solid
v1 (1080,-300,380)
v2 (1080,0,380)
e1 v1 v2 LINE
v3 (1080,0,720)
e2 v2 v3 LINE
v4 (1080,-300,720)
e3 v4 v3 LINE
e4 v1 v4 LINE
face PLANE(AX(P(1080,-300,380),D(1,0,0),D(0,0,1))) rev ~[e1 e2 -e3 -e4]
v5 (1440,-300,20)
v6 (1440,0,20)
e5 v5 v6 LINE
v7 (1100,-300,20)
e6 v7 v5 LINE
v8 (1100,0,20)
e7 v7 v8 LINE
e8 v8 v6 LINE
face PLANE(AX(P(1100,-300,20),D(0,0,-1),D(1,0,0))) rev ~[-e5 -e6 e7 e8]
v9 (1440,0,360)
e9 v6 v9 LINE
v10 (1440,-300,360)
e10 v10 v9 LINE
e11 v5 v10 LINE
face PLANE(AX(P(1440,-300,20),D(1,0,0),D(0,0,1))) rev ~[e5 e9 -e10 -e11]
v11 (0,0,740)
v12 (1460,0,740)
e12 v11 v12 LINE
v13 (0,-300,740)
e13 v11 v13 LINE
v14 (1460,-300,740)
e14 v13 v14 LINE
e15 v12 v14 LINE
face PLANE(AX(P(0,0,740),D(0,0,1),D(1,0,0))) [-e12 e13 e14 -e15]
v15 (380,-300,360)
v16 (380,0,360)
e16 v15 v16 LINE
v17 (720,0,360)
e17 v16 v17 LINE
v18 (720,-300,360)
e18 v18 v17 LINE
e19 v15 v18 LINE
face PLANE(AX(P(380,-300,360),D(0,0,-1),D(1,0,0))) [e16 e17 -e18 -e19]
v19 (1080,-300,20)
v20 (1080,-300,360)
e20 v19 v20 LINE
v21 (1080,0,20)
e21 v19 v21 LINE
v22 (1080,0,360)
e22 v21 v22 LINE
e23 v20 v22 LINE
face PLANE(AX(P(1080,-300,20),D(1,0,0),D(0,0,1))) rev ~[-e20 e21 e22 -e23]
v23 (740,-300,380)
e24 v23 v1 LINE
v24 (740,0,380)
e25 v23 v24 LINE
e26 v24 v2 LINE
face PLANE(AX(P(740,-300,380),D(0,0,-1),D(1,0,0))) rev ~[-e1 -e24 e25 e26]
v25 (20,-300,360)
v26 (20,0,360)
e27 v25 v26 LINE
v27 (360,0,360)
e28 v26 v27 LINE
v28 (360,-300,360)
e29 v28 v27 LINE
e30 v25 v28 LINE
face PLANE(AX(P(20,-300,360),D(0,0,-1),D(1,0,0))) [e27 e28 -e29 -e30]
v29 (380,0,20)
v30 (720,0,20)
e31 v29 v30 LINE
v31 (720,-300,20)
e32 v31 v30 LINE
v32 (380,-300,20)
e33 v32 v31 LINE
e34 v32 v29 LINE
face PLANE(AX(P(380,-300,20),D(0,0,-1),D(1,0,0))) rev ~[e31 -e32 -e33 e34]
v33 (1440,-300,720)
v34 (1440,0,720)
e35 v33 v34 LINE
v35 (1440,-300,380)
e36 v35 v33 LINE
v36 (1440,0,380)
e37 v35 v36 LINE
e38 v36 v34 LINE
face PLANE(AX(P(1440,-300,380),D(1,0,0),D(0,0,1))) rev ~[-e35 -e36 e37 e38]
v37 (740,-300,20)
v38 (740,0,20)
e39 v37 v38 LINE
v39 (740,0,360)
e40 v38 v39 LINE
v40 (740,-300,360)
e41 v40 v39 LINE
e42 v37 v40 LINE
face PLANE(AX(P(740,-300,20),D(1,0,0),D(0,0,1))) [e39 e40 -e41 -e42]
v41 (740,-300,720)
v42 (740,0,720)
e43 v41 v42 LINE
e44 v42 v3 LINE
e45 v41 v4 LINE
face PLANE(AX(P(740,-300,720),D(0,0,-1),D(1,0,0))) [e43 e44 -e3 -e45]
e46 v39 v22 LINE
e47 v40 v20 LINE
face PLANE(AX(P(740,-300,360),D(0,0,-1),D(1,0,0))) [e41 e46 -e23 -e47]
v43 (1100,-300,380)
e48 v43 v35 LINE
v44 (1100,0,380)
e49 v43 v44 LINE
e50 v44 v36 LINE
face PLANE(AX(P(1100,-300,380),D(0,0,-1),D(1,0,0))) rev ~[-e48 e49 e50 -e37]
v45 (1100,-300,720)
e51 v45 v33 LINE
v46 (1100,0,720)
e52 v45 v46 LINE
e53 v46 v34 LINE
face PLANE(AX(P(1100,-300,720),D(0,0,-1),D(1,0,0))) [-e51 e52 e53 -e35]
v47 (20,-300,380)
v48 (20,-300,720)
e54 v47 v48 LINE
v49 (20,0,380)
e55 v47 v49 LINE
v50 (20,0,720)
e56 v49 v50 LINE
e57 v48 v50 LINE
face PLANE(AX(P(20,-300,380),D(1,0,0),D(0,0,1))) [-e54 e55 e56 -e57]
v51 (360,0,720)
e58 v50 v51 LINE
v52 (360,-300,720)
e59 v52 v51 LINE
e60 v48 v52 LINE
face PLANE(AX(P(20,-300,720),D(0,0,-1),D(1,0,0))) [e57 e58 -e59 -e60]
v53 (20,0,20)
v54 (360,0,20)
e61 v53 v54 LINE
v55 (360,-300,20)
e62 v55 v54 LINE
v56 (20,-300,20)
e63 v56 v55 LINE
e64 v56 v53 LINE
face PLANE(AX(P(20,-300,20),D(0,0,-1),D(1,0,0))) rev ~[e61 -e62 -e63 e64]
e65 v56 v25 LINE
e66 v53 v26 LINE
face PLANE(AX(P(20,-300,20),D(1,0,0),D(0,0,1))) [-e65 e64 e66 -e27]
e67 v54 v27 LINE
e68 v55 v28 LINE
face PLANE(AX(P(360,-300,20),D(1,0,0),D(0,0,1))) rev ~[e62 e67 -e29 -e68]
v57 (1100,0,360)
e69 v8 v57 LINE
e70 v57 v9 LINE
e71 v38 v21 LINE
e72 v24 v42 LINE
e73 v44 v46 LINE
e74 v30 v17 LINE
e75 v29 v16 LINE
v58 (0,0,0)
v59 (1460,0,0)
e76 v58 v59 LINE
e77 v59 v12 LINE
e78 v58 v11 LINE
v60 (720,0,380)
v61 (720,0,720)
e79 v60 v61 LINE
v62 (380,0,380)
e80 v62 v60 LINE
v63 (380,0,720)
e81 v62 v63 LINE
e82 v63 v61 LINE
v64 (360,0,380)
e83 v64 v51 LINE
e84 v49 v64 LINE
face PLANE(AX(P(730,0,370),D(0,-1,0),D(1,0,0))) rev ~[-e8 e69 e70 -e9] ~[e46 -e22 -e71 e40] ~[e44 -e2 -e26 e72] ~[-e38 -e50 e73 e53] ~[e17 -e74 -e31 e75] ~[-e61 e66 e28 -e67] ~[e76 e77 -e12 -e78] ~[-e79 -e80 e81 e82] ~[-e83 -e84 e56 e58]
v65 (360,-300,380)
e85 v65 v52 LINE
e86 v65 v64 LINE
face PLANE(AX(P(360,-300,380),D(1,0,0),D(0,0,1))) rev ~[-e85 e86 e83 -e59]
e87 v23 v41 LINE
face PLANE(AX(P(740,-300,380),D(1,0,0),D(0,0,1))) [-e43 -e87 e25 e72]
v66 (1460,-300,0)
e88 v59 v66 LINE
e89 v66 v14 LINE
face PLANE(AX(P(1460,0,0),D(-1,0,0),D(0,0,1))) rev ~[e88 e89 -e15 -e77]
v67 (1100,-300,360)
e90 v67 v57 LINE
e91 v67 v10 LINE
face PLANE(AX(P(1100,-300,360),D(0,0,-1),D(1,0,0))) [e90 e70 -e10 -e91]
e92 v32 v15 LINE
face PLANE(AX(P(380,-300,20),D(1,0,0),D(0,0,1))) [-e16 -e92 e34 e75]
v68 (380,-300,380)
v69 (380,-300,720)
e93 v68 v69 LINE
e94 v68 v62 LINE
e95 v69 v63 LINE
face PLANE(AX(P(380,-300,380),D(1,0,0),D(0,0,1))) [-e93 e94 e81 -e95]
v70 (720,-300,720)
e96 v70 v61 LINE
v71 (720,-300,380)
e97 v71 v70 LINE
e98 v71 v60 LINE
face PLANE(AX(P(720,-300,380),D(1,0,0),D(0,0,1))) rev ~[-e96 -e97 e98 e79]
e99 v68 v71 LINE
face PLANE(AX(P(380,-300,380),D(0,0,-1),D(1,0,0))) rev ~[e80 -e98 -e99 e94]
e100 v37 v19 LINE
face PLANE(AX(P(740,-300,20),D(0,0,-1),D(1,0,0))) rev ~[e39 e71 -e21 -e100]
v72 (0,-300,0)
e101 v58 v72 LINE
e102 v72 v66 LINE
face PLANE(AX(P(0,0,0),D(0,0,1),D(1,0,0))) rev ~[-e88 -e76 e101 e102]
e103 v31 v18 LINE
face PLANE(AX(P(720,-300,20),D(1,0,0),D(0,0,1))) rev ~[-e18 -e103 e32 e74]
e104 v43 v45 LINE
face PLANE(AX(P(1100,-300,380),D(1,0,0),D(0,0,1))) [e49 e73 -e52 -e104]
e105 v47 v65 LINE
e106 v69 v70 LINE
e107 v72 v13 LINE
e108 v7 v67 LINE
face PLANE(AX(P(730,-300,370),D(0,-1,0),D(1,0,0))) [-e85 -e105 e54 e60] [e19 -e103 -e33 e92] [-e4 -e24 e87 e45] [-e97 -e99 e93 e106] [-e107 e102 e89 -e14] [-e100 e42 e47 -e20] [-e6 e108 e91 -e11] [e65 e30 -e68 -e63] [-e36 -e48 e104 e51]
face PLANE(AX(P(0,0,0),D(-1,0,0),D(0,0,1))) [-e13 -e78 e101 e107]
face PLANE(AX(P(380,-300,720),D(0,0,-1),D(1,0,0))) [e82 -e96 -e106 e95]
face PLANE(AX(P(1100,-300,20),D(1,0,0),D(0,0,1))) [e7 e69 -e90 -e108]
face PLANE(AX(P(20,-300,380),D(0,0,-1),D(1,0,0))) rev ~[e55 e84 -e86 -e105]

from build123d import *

# Parameters (mm, degrees)
F0_W     = 1460
F0_H     = 740
F1_DEPTH = 300
F2_W     = 340
F2_H     = 340
F3_DEPTH = 300


with BuildPart() as f1:
    # F0 (on Front) → F1 (new body)
    with BuildSketch(Plane.XZ):
        with Locations((730, 370)):
            Rectangle(F0_W, F0_H)
    extrude(amount=F1_DEPTH)

    # F2 (on face) → F3 (cut, through all)
    with BuildSketch(Plane.XZ.offset(300)):
        with Locations((190, 190)):
            Rectangle(F2_W, F2_H)
        with Locations((190, 550)):
            Rectangle(F2_W, F2_H)
        with Locations((550, 190)):
            Rectangle(F2_W, F2_H)
        with Locations((550, 550)):
            Rectangle(F2_W, F2_H)
        with Locations((910, 190)):
            Rectangle(F2_W, F2_H)
        with Locations((910, 550)):
            Rectangle(F2_W, F2_H)
        with Locations((1270, 190)):
            Rectangle(F2_W, F2_H)
        with Locations((1270, 550)):
            Rectangle(F2_W, F2_H)
    extrude(amount=-F3_DEPTH, mode=Mode.SUBTRACT)


solid = f1.part
